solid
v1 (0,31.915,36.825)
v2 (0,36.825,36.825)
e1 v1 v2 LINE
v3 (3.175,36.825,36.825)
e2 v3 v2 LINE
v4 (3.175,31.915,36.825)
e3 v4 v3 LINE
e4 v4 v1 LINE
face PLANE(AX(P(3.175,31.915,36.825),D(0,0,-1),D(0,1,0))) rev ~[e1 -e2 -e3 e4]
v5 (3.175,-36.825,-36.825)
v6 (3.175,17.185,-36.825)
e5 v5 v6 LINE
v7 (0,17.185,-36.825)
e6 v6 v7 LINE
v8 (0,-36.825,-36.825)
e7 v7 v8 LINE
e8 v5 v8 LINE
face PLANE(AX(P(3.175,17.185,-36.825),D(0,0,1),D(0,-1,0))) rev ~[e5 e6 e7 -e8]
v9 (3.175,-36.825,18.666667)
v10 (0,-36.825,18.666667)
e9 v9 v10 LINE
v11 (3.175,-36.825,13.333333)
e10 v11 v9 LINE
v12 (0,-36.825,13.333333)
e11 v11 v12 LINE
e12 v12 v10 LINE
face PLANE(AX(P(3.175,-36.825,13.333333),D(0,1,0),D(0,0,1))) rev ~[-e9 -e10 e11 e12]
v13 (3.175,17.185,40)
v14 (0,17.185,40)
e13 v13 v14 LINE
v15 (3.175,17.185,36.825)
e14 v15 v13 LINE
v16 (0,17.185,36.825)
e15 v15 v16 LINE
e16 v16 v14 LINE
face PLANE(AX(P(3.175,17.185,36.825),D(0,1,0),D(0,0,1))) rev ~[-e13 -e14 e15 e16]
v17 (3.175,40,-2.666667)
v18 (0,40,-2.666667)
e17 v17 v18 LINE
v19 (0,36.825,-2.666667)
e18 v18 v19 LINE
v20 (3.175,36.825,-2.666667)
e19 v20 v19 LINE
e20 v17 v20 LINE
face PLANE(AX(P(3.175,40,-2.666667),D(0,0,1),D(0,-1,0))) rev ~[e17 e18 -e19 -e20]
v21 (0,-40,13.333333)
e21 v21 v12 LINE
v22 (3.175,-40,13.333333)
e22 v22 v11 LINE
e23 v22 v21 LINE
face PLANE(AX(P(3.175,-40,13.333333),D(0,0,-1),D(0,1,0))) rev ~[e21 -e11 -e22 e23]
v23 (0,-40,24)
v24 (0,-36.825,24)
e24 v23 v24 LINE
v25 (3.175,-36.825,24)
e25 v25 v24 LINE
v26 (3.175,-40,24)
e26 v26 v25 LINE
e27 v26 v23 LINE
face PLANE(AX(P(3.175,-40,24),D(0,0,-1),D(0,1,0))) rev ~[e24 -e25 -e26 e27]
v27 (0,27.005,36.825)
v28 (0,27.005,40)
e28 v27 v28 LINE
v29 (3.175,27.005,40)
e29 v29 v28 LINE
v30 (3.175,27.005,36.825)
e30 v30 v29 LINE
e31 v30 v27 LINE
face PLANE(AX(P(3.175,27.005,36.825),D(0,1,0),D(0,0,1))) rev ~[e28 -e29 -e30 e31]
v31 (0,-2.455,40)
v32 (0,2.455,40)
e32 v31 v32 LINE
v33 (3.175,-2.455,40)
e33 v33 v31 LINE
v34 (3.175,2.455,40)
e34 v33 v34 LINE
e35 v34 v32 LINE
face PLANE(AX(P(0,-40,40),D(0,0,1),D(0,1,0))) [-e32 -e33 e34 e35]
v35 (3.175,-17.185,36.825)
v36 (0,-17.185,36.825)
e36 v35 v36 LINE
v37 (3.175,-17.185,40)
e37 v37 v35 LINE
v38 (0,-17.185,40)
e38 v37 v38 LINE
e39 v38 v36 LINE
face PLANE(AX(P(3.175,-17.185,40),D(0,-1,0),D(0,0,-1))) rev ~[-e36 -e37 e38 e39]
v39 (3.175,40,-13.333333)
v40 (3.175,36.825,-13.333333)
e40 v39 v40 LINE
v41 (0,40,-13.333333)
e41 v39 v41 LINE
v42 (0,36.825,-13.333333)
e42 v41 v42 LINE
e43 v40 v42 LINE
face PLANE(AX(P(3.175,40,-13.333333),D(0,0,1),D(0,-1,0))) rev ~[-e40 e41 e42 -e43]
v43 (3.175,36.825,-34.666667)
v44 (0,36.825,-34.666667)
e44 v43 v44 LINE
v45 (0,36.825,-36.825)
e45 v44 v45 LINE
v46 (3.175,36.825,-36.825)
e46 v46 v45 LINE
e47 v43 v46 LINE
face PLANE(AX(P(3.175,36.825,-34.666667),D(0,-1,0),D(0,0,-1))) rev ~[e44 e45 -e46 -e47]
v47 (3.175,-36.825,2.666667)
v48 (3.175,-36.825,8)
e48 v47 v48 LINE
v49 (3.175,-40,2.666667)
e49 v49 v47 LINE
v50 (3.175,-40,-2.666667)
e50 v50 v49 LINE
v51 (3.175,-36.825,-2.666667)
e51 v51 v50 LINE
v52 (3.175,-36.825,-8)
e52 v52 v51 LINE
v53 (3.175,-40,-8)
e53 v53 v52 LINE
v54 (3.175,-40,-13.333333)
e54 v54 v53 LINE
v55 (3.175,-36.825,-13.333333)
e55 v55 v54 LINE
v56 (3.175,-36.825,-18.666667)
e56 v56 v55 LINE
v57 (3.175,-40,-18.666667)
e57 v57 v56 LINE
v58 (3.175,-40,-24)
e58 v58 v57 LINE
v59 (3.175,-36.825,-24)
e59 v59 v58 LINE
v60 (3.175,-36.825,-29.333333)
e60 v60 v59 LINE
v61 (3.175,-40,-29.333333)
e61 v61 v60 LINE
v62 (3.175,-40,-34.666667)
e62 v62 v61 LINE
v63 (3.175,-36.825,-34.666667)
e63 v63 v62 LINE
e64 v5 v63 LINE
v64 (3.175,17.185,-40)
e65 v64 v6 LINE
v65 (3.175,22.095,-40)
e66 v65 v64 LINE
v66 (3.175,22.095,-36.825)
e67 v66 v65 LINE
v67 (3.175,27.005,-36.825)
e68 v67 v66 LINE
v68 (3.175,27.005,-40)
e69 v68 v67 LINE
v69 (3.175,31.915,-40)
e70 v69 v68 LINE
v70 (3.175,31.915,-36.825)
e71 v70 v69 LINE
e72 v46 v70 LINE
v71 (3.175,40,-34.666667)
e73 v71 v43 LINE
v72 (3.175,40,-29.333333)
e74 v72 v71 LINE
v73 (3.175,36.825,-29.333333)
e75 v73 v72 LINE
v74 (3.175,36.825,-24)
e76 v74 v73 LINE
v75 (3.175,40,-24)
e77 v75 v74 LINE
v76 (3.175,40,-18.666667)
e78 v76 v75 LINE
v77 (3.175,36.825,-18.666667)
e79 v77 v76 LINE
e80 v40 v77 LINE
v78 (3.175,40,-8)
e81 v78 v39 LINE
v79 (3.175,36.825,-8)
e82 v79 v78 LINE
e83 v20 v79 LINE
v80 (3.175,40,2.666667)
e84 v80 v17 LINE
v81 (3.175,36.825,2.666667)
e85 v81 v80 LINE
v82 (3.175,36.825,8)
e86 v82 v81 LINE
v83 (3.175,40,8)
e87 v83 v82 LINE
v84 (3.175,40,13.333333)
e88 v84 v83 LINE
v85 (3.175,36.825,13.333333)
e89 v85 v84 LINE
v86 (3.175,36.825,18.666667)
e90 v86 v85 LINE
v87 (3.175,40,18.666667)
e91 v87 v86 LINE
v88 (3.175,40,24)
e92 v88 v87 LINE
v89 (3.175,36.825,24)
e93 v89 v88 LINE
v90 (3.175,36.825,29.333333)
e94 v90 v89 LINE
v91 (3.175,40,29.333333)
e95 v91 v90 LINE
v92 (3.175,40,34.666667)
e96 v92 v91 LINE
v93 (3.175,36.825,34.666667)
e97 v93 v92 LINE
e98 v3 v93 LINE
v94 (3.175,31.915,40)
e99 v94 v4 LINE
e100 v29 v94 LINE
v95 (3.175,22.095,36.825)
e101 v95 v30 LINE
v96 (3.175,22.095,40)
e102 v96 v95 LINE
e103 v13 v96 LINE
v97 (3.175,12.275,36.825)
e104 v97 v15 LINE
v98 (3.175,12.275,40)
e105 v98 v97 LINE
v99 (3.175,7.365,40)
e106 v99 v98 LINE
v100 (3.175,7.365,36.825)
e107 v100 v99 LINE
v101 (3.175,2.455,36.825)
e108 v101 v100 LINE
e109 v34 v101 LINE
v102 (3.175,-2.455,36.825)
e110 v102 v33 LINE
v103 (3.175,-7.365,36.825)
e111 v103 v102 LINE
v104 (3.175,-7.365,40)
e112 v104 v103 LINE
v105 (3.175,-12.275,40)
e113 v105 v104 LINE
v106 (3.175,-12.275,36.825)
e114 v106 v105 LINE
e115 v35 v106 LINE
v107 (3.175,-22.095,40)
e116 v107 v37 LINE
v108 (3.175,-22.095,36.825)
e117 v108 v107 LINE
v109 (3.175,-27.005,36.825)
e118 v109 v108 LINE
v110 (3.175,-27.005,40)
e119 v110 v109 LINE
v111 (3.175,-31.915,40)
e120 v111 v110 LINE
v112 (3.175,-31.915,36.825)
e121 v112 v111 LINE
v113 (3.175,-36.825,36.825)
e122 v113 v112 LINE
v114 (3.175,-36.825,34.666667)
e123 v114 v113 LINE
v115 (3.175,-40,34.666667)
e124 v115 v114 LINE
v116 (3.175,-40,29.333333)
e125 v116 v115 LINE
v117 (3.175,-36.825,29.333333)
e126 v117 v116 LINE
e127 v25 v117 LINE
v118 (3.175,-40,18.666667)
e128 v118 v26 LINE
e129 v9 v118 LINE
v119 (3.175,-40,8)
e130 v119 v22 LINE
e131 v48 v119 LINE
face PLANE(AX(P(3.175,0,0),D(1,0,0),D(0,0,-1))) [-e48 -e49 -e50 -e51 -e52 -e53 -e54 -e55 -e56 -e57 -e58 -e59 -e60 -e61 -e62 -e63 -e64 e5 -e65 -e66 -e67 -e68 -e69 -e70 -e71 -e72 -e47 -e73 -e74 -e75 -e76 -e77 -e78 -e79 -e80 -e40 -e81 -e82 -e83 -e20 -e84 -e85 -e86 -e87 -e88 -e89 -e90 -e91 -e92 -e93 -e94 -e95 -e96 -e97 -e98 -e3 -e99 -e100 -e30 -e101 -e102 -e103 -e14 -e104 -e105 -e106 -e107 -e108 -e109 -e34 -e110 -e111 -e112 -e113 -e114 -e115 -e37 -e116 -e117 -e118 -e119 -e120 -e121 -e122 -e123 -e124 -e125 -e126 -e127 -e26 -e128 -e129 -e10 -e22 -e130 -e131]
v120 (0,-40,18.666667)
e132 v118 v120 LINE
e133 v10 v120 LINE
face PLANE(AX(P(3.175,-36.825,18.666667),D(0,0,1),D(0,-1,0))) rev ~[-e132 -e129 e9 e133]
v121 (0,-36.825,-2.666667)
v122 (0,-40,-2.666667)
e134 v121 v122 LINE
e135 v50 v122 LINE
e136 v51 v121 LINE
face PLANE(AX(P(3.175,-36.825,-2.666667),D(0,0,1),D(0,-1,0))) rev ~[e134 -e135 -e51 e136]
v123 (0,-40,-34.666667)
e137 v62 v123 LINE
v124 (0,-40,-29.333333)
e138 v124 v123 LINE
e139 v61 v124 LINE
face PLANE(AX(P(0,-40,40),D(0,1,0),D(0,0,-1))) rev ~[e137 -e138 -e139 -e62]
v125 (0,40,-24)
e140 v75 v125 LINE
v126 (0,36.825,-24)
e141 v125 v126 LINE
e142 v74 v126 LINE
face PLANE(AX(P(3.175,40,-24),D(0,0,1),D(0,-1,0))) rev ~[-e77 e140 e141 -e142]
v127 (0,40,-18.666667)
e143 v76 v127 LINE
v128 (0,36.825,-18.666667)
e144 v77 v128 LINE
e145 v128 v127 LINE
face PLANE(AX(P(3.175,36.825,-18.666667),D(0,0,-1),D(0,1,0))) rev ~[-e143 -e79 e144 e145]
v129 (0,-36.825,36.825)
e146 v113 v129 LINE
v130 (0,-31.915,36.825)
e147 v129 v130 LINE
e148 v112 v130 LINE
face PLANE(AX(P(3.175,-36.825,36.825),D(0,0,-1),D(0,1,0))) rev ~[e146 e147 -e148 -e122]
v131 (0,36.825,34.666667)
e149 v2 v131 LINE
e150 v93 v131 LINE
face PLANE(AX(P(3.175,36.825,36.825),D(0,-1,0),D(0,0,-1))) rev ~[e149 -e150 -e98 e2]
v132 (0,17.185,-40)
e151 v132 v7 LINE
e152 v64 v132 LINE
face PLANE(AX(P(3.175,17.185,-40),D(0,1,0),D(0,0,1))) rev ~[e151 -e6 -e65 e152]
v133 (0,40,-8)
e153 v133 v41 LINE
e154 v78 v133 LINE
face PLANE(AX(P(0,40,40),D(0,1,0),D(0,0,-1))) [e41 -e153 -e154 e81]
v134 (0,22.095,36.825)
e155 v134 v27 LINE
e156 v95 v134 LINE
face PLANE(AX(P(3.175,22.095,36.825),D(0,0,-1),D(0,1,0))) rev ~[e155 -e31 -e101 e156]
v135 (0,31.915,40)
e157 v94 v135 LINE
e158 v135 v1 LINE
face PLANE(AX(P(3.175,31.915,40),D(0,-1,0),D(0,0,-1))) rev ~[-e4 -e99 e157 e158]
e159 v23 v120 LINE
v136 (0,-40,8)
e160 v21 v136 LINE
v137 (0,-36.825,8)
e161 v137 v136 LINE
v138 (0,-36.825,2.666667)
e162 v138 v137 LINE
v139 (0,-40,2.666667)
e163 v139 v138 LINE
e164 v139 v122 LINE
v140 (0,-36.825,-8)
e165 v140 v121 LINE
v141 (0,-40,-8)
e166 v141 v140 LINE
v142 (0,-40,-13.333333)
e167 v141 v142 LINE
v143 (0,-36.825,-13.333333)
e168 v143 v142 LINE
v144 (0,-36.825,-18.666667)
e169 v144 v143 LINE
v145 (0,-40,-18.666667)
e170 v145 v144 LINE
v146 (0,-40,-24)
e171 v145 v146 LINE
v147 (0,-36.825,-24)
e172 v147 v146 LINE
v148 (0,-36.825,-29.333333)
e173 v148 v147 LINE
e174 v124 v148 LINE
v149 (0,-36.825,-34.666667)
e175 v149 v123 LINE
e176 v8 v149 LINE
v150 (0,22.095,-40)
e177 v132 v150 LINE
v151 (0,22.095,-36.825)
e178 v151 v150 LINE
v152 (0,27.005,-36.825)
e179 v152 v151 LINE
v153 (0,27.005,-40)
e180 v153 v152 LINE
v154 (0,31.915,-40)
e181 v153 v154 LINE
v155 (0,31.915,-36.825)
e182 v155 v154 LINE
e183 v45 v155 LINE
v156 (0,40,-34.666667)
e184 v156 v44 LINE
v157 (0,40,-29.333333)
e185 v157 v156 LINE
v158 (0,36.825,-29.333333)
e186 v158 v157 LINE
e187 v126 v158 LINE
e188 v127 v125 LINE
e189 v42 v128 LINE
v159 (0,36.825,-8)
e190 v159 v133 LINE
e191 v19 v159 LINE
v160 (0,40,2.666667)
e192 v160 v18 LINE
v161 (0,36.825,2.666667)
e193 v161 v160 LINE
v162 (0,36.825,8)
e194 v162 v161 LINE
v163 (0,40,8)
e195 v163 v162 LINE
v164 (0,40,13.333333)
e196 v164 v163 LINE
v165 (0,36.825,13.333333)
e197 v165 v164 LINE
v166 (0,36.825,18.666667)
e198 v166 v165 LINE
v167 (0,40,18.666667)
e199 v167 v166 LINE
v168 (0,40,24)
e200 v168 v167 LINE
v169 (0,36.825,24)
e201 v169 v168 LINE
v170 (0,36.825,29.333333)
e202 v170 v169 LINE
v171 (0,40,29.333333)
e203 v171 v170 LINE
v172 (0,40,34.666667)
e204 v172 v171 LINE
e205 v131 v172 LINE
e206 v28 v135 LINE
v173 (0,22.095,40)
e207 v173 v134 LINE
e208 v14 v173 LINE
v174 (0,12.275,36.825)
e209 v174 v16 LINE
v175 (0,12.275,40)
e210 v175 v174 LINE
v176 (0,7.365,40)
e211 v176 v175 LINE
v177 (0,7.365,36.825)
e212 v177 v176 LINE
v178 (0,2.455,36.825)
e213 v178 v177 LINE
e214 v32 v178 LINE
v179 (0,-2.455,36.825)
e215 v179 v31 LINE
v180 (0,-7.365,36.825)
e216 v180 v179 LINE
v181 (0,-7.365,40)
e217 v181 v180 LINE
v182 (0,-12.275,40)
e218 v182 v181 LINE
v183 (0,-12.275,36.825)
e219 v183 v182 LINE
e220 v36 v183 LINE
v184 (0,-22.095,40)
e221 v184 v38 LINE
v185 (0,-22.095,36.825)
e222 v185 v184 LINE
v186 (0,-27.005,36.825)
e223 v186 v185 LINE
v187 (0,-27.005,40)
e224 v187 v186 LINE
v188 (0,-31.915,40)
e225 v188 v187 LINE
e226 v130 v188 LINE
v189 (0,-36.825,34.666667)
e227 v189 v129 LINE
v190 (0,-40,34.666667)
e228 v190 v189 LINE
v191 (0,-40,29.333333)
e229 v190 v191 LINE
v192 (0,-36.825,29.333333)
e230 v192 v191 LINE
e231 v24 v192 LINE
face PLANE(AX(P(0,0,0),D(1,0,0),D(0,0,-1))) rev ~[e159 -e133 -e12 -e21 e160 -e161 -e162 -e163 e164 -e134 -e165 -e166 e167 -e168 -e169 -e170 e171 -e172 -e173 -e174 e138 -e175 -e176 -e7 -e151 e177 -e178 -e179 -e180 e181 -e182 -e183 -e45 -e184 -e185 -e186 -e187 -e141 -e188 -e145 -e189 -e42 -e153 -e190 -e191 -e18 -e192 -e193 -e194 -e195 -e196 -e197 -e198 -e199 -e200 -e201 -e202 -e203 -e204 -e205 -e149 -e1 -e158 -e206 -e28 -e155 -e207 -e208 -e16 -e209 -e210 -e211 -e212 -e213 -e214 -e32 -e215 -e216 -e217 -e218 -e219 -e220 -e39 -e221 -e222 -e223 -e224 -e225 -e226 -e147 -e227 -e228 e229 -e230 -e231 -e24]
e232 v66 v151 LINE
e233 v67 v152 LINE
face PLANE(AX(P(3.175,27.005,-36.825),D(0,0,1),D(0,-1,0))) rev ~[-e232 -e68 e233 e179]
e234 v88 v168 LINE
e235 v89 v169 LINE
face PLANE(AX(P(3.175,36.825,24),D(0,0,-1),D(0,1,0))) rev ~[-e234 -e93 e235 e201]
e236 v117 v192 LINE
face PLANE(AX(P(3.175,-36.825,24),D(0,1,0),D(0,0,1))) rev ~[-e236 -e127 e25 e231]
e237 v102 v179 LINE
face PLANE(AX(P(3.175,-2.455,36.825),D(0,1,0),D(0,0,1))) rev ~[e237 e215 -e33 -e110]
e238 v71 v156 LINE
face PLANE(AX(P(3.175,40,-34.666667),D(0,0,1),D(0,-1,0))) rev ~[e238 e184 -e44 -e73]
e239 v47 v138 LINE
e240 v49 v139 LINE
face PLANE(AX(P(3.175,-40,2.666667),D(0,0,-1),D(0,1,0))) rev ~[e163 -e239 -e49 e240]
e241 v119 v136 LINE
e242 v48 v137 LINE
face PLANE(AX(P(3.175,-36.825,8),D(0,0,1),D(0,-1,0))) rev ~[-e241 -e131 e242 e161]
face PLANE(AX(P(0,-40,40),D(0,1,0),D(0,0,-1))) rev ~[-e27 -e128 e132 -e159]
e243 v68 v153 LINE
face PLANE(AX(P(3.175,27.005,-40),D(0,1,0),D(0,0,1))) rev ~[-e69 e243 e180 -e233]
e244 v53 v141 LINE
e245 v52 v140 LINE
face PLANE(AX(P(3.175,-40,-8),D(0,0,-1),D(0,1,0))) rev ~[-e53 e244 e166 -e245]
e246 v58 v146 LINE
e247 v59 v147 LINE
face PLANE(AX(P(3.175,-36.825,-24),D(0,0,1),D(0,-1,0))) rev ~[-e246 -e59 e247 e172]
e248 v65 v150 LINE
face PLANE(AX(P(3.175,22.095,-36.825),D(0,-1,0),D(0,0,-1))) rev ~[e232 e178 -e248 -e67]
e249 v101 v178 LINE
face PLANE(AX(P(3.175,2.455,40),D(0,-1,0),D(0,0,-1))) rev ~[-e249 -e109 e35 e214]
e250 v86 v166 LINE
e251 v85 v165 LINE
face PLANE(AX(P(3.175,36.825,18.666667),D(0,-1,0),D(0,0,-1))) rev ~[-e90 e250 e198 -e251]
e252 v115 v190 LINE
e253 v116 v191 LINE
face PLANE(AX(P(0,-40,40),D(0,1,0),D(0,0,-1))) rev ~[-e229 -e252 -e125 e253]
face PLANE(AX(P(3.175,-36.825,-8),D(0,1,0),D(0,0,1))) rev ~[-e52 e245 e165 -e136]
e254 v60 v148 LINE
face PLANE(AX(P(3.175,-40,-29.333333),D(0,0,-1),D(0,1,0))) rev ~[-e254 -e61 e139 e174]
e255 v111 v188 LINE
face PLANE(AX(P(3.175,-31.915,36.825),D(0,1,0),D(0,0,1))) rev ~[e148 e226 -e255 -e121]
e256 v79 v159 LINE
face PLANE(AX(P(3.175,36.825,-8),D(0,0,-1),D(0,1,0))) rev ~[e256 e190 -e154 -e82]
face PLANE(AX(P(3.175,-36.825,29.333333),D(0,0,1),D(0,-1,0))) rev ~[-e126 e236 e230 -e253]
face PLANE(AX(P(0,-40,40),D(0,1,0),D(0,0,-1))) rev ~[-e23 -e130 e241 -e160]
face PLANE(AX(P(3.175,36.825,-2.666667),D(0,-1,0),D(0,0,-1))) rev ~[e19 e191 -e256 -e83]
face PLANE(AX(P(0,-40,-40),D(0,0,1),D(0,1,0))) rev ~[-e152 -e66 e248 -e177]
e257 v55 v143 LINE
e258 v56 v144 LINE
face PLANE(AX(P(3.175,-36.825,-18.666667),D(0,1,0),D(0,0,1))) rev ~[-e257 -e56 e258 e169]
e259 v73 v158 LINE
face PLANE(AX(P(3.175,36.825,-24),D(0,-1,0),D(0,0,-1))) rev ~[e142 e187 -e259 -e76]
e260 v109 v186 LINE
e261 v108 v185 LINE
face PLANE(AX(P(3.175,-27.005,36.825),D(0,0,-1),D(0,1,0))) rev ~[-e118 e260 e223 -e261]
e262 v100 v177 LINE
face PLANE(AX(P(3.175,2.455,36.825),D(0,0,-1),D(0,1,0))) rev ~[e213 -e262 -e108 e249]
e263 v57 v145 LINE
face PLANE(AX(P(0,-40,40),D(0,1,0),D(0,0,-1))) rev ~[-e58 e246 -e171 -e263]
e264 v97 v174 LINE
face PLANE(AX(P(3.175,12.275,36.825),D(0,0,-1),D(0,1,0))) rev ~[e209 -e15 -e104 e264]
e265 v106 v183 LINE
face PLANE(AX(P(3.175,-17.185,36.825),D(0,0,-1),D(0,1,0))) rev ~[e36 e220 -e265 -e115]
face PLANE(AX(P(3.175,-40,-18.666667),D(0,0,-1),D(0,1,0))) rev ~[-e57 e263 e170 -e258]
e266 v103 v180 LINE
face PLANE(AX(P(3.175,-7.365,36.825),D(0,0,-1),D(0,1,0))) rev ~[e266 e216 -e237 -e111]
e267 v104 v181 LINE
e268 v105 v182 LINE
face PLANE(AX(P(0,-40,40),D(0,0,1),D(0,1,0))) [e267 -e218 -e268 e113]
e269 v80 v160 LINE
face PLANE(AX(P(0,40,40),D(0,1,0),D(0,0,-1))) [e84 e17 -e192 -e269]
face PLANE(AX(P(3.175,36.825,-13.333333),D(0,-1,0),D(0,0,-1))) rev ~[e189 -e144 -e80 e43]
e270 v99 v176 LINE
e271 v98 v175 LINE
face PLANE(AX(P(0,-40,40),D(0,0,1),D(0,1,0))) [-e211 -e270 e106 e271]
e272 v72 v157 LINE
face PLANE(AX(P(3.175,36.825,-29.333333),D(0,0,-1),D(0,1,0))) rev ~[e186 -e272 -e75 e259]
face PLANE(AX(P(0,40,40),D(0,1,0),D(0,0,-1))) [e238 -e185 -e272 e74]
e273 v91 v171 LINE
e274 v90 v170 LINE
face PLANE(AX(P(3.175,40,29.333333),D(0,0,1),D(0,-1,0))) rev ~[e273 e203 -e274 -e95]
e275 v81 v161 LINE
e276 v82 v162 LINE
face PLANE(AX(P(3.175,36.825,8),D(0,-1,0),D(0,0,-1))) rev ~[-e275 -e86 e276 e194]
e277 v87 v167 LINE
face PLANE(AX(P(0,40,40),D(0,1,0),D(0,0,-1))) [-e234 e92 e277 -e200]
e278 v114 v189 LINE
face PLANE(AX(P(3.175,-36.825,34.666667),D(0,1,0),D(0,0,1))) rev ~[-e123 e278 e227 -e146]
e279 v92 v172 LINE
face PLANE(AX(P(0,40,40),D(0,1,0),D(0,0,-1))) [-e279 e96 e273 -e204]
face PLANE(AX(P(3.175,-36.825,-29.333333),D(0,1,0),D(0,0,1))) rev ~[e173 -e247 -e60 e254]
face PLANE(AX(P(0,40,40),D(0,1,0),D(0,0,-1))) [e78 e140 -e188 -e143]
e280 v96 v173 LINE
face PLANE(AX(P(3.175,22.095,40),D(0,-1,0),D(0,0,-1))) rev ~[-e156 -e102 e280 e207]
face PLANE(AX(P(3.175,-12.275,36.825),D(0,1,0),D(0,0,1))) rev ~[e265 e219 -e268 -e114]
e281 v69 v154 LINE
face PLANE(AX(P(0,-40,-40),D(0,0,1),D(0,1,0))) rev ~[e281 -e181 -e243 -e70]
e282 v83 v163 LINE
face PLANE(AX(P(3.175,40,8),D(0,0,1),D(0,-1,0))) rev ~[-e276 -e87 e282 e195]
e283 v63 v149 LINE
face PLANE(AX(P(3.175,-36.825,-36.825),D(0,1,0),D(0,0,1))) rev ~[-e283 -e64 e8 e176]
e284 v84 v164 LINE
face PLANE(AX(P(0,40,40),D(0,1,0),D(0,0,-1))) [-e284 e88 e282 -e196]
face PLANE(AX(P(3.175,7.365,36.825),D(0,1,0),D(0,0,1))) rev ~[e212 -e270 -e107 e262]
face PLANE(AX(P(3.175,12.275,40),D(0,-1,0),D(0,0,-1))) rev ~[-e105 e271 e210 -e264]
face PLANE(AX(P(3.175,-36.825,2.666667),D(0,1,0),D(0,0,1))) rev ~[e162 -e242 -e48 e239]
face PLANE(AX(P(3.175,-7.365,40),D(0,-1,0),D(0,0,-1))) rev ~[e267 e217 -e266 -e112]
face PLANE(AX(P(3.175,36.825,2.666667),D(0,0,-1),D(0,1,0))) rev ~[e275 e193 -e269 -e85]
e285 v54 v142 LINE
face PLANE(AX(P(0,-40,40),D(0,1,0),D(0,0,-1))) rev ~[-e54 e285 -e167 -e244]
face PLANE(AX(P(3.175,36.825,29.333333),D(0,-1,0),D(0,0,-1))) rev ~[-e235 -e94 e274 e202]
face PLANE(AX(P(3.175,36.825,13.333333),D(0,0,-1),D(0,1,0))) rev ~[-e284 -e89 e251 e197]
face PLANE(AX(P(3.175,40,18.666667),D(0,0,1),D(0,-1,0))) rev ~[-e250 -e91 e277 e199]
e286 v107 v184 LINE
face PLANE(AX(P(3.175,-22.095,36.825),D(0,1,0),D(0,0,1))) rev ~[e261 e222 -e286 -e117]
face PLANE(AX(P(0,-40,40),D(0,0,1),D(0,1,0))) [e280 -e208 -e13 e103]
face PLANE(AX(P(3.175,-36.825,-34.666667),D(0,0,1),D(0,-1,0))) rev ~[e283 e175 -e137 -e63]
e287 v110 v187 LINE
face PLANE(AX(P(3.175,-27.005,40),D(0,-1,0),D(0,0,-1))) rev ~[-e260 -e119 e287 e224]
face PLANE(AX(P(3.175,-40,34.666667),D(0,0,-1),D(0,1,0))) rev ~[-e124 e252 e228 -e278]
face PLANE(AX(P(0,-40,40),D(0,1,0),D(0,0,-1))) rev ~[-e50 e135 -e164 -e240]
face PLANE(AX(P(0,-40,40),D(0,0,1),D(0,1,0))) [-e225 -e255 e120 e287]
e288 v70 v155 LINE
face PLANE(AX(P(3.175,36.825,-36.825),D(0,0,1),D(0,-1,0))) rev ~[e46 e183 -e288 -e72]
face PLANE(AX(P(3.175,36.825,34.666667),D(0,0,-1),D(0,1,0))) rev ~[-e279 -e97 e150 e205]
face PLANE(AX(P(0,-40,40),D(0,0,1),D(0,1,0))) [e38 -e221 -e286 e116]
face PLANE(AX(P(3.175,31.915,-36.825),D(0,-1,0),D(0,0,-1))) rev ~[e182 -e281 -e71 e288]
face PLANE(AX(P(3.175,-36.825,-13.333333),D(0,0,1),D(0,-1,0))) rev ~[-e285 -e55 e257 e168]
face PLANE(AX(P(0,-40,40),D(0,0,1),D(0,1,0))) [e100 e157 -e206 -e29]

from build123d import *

# Parameters (mm, degrees)
SKETCH2_W           = 80
SKETCH2_H           = 80
BOSS_EXTRUDE1_DEPTH = 3.175
SKETCH3_OUTSIDE_W   = 104.636
SKETCH3_OUTSIDE_H   = 104.636
CUT_EXTRUDE1_DEPTH  = 57.657573413
SKETCH4_W           = 3.175
SKETCH4_H           = 49.1
CUT_EXTRUDE2_DEPTH  = 57.657573413


with BuildPart() as part:
    # Sketch2 → Boss-Extrude1 (new body)
    with BuildSketch(Plane(origin=(0, 0, 0), x_dir=(0, 0, -1), z_dir=(1, 0, 0))):
        Rectangle(SKETCH2_W, SKETCH2_H)
    extrude(amount=BOSS_EXTRUDE1_DEPTH)

    # Sketch3 outside → Cut-Extrude1 (cut, through all)
    with BuildSketch(Plane(origin=(3.175, 0, 0), x_dir=(0, 0, -1), z_dir=(1, 0, 0))):
        Rectangle(SKETCH3_OUTSIDE_W, SKETCH3_OUTSIDE_H)
        Polygon((34.666666667, 36.825), (36.825, 36.825), (36.825, 31.915), (40, 31.915), (40, 27.005), (36.825, 27.005), (36.825, 22.095), (40, 22.095), (40, 17.185), (36.825, 17.185), (36.825, 12.275), (40, 12.275), (40, 7.365), (36.825, 7.365), (36.825, 2.455), (40, 2.455), (40, -2.455), (36.825, -2.455), (36.825, -7.365), (40, -7.365), (40, -12.275), (36.825, -12.275), (36.825, -17.185), (40, -17.185), (40, -22.095), (36.825, -22.095), (36.825, -27.005), (40, -27.005), (40, -31.915), (36.825, -31.915), (36.825, -36.825), (34.666666667, -36.825), (34.666666667, -40), (29.333333333, -40), (29.333333333, -36.825), (24, -36.825), (24, -40), (18.666666667, -40), (18.666666667, -36.825), (13.333333333, -36.825), (13.333333333, -40), (8, -40), (8, -36.825), (2.666666667, -36.825), (2.666666667, -40), (-2.666666667, -40), (-2.666666667, -36.825), (-8, -36.825), (-8, -40), (-13.333333333, -40), (-13.333333333, -36.825), (-18.666666667, -36.825), (-18.666666667, -40), (-24, -40), (-24, -36.825), (-29.333333333, -36.825), (-29.333333333, -40), (-34.666666667, -40), (-34.666666667, -36.825), (-36.825, -36.825), (-36.825, -31.915), (-40, -31.915), (-40, -27.005), (-36.825, -27.005), (-36.825, -22.095), (-40, -22.095), (-40, -17.185), (-36.825, -17.185), (-36.825, -12.275), (-40, -12.275), (-40, -7.365), (-36.825, -7.365), (-36.825, -2.455), (-40, -2.455), (-40, 2.455), (-36.825, 2.455), (-36.825, 7.365), (-40, 7.365), (-40, 12.275), (-36.825, 12.275), (-36.825, 17.185), (-40, 17.185), (-40, 22.095), (-36.825, 22.095), (-36.825, 27.005), (-40, 27.005), (-40, 31.915), (-36.825, 31.915), (-36.825, 36.825), (-34.666666667, 36.825), (-34.666666667, 40), (-29.333333333, 40), (-29.333333333, 36.825), (-24, 36.825), (-24, 40), (-18.666666667, 40), (-18.666666667, 36.825), (-13.333333333, 36.825), (-13.333333333, 40), (-8, 40), (-8, 36.825), (-2.666666667, 36.825), (-2.666666667, 40), (2.666666667, 40), (2.666666667, 36.825), (8, 36.825), (8, 40), (13.333333333, 40), (13.333333333, 36.825), (18.666666667, 36.825), (18.666666667, 40), (24, 40), (24, 36.825), (29.333333333, 36.825), (29.333333333, 40), (34.666666667, 40), align=None, mode=Mode.SUBTRACT)
    extrude(amount=-CUT_EXTRUDE1_DEPTH, mode=Mode.SUBTRACT)

    # Sketch4 → Cut-Extrude2 (cut, through all)
    with BuildSketch(Plane(origin=(3.175, 0, 0), x_dir=(0, 0, -1), z_dir=(1, 0, 0))):
        with Locations((38.4125, -12.275)):
            Rectangle(SKETCH4_W, SKETCH4_H)
    extrude(amount=-CUT_EXTRUDE2_DEPTH, mode=Mode.SUBTRACT)


solid = part.part
